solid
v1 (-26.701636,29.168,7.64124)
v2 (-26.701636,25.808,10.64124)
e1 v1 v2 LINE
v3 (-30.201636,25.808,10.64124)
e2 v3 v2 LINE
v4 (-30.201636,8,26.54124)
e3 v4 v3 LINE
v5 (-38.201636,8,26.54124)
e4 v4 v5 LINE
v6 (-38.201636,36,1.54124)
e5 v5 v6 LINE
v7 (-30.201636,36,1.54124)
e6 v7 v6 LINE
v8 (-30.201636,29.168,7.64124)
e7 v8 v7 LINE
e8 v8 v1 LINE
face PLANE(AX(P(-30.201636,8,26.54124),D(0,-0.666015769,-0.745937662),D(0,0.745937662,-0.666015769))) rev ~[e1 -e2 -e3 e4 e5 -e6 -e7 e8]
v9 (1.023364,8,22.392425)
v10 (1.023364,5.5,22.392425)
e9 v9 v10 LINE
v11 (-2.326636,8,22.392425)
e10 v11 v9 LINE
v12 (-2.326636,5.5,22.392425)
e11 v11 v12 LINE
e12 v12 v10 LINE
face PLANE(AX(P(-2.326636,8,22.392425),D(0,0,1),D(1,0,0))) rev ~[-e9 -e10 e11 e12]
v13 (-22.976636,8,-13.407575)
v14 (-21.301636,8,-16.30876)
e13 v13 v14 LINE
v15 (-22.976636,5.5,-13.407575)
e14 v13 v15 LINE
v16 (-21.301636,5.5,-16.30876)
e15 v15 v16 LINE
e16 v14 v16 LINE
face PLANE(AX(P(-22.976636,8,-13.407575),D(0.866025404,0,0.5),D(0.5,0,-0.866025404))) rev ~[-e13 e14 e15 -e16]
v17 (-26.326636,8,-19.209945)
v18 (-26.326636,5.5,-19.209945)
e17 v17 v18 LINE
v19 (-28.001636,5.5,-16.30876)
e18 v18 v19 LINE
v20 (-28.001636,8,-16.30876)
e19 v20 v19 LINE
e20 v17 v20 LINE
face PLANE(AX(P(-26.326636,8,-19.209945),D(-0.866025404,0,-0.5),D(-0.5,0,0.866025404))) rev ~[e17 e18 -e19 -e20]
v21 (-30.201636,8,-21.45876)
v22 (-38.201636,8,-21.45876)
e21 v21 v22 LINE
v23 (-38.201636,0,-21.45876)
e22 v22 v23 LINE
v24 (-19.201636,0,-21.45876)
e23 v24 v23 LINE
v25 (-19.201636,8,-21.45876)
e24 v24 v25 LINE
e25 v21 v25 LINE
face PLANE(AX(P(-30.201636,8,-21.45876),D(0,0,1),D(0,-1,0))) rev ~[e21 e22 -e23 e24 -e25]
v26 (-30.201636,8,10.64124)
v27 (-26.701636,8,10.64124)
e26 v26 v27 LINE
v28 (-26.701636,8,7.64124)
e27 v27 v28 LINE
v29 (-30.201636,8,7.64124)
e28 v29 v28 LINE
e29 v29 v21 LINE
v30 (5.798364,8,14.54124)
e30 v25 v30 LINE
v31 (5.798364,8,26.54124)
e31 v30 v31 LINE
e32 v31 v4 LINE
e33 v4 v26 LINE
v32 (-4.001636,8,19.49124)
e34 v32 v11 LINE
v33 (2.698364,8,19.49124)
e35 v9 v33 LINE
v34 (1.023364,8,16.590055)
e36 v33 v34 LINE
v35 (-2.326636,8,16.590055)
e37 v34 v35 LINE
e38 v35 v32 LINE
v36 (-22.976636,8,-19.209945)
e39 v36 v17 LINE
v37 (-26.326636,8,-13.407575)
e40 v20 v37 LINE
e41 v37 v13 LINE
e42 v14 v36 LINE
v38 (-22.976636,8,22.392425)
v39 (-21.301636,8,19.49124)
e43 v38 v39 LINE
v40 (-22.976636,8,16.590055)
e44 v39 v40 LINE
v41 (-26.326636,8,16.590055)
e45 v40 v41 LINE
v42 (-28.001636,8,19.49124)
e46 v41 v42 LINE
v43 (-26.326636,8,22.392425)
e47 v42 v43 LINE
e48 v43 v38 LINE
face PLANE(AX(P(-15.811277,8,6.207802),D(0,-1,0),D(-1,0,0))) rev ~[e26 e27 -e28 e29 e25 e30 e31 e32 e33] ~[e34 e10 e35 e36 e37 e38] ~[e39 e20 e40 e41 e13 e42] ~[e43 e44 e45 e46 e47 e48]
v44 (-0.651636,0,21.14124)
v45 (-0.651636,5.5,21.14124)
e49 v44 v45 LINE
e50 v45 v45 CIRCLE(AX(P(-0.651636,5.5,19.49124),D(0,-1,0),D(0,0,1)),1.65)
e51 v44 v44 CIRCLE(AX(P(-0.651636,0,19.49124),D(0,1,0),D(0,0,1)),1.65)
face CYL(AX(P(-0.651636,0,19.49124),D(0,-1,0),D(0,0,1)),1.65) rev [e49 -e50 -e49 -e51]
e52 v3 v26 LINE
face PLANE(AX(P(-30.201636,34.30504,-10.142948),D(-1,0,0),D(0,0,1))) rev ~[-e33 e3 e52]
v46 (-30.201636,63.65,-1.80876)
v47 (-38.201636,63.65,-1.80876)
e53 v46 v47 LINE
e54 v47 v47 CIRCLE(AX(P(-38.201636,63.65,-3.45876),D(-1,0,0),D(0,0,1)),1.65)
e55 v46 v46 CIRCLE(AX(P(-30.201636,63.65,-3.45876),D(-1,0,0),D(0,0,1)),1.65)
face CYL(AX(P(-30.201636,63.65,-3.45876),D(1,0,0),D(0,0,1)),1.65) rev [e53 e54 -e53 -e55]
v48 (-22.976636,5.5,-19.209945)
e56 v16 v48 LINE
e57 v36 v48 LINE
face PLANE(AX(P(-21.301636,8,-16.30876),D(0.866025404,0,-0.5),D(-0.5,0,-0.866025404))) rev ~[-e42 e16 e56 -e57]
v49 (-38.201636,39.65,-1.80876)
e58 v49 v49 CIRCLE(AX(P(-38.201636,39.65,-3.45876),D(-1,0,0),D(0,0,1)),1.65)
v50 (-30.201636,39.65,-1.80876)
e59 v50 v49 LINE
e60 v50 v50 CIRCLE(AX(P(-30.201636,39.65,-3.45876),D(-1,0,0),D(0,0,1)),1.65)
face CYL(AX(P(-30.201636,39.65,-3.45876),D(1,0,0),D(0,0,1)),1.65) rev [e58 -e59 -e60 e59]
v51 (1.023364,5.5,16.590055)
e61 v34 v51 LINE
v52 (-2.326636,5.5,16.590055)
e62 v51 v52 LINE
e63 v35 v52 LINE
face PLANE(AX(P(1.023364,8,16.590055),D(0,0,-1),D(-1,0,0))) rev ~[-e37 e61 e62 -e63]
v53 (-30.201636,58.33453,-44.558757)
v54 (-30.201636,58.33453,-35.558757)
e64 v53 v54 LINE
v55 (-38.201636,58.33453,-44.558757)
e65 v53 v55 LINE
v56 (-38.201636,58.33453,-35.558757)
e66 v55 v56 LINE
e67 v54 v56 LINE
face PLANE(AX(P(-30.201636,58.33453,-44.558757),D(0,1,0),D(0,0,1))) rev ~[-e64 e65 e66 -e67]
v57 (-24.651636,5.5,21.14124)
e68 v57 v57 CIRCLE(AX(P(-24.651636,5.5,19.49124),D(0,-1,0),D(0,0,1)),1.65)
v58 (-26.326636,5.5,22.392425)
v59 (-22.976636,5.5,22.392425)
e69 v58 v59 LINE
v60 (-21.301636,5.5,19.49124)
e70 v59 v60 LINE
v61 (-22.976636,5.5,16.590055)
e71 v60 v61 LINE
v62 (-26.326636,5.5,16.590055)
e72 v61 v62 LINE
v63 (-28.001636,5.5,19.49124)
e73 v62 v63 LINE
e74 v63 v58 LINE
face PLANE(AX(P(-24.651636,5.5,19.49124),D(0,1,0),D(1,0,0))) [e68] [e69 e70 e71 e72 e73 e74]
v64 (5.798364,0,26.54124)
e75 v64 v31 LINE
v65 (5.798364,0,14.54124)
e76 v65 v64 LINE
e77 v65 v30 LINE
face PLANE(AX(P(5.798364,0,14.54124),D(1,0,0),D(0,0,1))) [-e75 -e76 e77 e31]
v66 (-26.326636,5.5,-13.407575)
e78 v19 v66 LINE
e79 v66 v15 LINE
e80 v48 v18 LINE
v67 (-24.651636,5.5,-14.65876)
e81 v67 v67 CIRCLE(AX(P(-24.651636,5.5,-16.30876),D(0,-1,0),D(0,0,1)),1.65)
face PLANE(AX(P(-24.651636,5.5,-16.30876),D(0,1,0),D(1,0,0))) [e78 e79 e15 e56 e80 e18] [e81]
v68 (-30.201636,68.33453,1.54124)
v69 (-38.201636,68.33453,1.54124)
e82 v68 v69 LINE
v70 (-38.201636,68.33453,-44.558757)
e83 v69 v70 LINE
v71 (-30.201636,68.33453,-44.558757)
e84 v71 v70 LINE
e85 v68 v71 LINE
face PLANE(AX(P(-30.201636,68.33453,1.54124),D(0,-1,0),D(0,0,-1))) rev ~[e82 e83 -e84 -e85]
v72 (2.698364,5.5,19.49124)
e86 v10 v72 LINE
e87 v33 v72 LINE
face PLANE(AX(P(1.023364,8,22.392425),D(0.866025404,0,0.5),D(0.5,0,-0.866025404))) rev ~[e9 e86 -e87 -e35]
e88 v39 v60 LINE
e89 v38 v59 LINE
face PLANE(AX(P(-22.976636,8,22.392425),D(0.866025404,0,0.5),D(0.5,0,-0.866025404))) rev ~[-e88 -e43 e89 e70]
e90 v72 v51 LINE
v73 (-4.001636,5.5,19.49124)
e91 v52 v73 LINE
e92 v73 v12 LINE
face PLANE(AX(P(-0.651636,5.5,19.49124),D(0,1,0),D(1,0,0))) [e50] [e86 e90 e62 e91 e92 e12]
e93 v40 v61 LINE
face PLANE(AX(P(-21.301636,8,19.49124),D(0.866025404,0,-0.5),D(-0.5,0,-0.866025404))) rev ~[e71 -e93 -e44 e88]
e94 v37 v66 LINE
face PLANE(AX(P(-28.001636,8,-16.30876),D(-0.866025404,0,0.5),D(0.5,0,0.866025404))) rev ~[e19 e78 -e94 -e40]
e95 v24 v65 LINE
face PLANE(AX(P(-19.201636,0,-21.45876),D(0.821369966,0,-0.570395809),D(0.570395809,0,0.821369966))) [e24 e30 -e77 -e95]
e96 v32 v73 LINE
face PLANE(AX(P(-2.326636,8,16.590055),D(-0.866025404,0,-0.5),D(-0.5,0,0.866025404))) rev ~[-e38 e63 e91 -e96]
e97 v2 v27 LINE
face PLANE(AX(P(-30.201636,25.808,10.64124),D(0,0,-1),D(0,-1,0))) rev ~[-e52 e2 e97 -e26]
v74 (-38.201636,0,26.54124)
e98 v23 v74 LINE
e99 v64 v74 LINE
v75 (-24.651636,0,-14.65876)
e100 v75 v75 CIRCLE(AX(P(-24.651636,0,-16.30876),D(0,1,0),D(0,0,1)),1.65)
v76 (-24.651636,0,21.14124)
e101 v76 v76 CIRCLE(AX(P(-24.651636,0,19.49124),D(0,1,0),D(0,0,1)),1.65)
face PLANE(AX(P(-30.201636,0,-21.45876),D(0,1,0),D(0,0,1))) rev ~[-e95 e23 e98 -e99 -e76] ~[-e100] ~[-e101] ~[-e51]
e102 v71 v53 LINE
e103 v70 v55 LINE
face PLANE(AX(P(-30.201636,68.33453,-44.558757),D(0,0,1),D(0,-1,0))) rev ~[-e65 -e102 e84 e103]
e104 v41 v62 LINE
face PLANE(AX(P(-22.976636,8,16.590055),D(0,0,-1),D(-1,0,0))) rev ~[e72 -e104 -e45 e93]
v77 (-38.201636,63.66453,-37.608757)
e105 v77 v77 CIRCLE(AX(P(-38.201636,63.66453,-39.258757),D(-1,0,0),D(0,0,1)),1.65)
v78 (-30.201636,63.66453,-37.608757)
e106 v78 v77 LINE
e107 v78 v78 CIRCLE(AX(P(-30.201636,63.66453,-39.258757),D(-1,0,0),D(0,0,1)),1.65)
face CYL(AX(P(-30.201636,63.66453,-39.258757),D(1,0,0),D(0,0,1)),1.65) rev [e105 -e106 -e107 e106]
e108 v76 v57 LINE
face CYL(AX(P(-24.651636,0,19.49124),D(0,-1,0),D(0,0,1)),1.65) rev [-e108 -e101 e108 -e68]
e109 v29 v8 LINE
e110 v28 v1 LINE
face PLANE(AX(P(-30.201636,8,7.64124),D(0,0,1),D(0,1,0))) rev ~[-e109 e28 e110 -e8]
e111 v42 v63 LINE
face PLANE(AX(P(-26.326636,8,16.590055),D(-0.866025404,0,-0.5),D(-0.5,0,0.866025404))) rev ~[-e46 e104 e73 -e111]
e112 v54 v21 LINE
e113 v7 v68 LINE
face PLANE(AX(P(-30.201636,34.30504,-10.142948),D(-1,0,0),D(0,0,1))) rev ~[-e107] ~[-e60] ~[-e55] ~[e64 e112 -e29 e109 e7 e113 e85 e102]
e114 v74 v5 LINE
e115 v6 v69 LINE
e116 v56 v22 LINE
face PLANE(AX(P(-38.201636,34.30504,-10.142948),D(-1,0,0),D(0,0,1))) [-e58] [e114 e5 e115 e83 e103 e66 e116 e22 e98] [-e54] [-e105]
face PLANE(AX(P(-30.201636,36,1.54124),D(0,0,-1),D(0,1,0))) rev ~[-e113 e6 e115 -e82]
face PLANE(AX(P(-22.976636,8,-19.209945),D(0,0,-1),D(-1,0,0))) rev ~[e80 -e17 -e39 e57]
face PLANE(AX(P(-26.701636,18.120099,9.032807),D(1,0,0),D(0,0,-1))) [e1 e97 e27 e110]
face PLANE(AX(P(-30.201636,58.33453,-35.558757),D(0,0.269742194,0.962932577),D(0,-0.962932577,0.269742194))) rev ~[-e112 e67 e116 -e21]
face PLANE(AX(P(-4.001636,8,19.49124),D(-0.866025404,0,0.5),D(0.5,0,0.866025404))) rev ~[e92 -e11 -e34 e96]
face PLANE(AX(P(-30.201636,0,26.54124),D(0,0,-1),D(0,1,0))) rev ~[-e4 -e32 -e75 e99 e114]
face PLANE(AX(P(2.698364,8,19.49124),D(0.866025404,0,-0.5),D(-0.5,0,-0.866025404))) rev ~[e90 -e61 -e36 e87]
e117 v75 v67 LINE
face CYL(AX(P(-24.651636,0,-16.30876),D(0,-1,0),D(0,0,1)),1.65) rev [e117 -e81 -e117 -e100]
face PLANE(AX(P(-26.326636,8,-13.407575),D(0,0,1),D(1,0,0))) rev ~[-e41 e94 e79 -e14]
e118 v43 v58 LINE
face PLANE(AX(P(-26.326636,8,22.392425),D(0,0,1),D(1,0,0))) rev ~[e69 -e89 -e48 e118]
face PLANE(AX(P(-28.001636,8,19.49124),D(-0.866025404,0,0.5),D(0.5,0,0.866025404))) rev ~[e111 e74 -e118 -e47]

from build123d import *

# Parameters (mm, degrees)
SKETCH1_R           = 1.65
BOSS_EXTRUDE1_DEPTH = 8
SKETCH3_R           = 1.65
BOSS_EXTRUDE2_DEPTH = 8
CUT_EXTRUDE1_DEPTH  = 2.5
BOSS_EXTRUDE3_DEPTH = 3.5


with BuildPart() as part:
    # Sketch1 → Boss-Extrude1 (new body)
    with BuildSketch(Plane(origin=(0, 0, 0), x_dir=(1, 0, 0), z_dir=(0, 1, 0))):
        Polygon((-30.201635745, 21.458760302), (-19.201635745, 21.458760302), (5.798364255, -14.541239698), (5.798364255, -26.541239698), (-30.201635745, -26.541239698), align=None)
        with Locations((-24.651635745, 16.308760302)):
            Circle(SKETCH1_R, mode=Mode.SUBTRACT)
        with Locations((-24.651635745, -19.491239698)):
            Circle(SKETCH1_R, mode=Mode.SUBTRACT)
        with Locations((-0.651635745, -19.491239698)):
            Circle(SKETCH1_R, mode=Mode.SUBTRACT)
    extrude(amount=BOSS_EXTRUDE1_DEPTH)

    # Sketch3 → Boss-Extrude2 (add)
    with BuildSketch(Plane.ZY.offset(30.201635745)):
        Polygon((-44.558757353, 58.334529743), (-35.558757353, 58.334529743), (-21.458760302, 8), (-21.458760302, 0), (26.541239698, 0), (26.541239698, 8), (1.541239698, 36), (1.541239698, 68.334529743), (-44.558757353, 68.334529743), align=None)
        with Locations((-3.458760302, 39.65)):
            Circle(SKETCH3_R, mode=Mode.SUBTRACT)
        with Locations((-3.458760302, 63.65)):
            Circle(SKETCH3_R, mode=Mode.SUBTRACT)
        with Locations((-39.258757353, 63.664529743)):
            Circle(SKETCH3_R, mode=Mode.SUBTRACT)
    extrude(amount=BOSS_EXTRUDE2_DEPTH)

    # Sketch4 → Cut-Extrude1 (cut)
    with BuildSketch(Plane(origin=(0, 8, 0), x_dir=(1, 0, 0), z_dir=(0, 1, 0))):
        Polygon((-26.326635745, 13.407575199), (-22.976635745, 13.407575199), (-21.301635745, 16.308760302), (-22.976635745, 19.209945405), (-26.326635745, 19.209945405), (-28.001635745, 16.308760302), align=None)
        Polygon((-22.976635745, -16.590054595), (-26.326635745, -16.590054595), (-28.001635745, -19.491239698), (-26.326635745, -22.392424801), (-22.976635745, -22.392424801), (-21.301635745, -19.491239698), align=None)
        Polygon((1.023364255, -16.590054595), (-2.326635745, -16.590054595), (-4.001635745, -19.491239698), (-2.326635745, -22.392424801), (1.023364255, -22.392424801), (2.698364255, -19.491239698), align=None)
    extrude(amount=-CUT_EXTRUDE1_DEPTH, mode=Mode.SUBTRACT)

    # Sketch5 → Boss-Extrude3 (add)
    with BuildSketch(Plane(origin=(-30.201635745, 0, 0), x_dir=(0, 0, -1), z_dir=(1, 0, 0))):
        Polygon((-10.641239698, 8), (-7.641239698, 8), (-7.641239698, 29.168), (-10.641239698, 25.808), align=None)
    extrude(amount=BOSS_EXTRUDE3_DEPTH)


solid = part.part
